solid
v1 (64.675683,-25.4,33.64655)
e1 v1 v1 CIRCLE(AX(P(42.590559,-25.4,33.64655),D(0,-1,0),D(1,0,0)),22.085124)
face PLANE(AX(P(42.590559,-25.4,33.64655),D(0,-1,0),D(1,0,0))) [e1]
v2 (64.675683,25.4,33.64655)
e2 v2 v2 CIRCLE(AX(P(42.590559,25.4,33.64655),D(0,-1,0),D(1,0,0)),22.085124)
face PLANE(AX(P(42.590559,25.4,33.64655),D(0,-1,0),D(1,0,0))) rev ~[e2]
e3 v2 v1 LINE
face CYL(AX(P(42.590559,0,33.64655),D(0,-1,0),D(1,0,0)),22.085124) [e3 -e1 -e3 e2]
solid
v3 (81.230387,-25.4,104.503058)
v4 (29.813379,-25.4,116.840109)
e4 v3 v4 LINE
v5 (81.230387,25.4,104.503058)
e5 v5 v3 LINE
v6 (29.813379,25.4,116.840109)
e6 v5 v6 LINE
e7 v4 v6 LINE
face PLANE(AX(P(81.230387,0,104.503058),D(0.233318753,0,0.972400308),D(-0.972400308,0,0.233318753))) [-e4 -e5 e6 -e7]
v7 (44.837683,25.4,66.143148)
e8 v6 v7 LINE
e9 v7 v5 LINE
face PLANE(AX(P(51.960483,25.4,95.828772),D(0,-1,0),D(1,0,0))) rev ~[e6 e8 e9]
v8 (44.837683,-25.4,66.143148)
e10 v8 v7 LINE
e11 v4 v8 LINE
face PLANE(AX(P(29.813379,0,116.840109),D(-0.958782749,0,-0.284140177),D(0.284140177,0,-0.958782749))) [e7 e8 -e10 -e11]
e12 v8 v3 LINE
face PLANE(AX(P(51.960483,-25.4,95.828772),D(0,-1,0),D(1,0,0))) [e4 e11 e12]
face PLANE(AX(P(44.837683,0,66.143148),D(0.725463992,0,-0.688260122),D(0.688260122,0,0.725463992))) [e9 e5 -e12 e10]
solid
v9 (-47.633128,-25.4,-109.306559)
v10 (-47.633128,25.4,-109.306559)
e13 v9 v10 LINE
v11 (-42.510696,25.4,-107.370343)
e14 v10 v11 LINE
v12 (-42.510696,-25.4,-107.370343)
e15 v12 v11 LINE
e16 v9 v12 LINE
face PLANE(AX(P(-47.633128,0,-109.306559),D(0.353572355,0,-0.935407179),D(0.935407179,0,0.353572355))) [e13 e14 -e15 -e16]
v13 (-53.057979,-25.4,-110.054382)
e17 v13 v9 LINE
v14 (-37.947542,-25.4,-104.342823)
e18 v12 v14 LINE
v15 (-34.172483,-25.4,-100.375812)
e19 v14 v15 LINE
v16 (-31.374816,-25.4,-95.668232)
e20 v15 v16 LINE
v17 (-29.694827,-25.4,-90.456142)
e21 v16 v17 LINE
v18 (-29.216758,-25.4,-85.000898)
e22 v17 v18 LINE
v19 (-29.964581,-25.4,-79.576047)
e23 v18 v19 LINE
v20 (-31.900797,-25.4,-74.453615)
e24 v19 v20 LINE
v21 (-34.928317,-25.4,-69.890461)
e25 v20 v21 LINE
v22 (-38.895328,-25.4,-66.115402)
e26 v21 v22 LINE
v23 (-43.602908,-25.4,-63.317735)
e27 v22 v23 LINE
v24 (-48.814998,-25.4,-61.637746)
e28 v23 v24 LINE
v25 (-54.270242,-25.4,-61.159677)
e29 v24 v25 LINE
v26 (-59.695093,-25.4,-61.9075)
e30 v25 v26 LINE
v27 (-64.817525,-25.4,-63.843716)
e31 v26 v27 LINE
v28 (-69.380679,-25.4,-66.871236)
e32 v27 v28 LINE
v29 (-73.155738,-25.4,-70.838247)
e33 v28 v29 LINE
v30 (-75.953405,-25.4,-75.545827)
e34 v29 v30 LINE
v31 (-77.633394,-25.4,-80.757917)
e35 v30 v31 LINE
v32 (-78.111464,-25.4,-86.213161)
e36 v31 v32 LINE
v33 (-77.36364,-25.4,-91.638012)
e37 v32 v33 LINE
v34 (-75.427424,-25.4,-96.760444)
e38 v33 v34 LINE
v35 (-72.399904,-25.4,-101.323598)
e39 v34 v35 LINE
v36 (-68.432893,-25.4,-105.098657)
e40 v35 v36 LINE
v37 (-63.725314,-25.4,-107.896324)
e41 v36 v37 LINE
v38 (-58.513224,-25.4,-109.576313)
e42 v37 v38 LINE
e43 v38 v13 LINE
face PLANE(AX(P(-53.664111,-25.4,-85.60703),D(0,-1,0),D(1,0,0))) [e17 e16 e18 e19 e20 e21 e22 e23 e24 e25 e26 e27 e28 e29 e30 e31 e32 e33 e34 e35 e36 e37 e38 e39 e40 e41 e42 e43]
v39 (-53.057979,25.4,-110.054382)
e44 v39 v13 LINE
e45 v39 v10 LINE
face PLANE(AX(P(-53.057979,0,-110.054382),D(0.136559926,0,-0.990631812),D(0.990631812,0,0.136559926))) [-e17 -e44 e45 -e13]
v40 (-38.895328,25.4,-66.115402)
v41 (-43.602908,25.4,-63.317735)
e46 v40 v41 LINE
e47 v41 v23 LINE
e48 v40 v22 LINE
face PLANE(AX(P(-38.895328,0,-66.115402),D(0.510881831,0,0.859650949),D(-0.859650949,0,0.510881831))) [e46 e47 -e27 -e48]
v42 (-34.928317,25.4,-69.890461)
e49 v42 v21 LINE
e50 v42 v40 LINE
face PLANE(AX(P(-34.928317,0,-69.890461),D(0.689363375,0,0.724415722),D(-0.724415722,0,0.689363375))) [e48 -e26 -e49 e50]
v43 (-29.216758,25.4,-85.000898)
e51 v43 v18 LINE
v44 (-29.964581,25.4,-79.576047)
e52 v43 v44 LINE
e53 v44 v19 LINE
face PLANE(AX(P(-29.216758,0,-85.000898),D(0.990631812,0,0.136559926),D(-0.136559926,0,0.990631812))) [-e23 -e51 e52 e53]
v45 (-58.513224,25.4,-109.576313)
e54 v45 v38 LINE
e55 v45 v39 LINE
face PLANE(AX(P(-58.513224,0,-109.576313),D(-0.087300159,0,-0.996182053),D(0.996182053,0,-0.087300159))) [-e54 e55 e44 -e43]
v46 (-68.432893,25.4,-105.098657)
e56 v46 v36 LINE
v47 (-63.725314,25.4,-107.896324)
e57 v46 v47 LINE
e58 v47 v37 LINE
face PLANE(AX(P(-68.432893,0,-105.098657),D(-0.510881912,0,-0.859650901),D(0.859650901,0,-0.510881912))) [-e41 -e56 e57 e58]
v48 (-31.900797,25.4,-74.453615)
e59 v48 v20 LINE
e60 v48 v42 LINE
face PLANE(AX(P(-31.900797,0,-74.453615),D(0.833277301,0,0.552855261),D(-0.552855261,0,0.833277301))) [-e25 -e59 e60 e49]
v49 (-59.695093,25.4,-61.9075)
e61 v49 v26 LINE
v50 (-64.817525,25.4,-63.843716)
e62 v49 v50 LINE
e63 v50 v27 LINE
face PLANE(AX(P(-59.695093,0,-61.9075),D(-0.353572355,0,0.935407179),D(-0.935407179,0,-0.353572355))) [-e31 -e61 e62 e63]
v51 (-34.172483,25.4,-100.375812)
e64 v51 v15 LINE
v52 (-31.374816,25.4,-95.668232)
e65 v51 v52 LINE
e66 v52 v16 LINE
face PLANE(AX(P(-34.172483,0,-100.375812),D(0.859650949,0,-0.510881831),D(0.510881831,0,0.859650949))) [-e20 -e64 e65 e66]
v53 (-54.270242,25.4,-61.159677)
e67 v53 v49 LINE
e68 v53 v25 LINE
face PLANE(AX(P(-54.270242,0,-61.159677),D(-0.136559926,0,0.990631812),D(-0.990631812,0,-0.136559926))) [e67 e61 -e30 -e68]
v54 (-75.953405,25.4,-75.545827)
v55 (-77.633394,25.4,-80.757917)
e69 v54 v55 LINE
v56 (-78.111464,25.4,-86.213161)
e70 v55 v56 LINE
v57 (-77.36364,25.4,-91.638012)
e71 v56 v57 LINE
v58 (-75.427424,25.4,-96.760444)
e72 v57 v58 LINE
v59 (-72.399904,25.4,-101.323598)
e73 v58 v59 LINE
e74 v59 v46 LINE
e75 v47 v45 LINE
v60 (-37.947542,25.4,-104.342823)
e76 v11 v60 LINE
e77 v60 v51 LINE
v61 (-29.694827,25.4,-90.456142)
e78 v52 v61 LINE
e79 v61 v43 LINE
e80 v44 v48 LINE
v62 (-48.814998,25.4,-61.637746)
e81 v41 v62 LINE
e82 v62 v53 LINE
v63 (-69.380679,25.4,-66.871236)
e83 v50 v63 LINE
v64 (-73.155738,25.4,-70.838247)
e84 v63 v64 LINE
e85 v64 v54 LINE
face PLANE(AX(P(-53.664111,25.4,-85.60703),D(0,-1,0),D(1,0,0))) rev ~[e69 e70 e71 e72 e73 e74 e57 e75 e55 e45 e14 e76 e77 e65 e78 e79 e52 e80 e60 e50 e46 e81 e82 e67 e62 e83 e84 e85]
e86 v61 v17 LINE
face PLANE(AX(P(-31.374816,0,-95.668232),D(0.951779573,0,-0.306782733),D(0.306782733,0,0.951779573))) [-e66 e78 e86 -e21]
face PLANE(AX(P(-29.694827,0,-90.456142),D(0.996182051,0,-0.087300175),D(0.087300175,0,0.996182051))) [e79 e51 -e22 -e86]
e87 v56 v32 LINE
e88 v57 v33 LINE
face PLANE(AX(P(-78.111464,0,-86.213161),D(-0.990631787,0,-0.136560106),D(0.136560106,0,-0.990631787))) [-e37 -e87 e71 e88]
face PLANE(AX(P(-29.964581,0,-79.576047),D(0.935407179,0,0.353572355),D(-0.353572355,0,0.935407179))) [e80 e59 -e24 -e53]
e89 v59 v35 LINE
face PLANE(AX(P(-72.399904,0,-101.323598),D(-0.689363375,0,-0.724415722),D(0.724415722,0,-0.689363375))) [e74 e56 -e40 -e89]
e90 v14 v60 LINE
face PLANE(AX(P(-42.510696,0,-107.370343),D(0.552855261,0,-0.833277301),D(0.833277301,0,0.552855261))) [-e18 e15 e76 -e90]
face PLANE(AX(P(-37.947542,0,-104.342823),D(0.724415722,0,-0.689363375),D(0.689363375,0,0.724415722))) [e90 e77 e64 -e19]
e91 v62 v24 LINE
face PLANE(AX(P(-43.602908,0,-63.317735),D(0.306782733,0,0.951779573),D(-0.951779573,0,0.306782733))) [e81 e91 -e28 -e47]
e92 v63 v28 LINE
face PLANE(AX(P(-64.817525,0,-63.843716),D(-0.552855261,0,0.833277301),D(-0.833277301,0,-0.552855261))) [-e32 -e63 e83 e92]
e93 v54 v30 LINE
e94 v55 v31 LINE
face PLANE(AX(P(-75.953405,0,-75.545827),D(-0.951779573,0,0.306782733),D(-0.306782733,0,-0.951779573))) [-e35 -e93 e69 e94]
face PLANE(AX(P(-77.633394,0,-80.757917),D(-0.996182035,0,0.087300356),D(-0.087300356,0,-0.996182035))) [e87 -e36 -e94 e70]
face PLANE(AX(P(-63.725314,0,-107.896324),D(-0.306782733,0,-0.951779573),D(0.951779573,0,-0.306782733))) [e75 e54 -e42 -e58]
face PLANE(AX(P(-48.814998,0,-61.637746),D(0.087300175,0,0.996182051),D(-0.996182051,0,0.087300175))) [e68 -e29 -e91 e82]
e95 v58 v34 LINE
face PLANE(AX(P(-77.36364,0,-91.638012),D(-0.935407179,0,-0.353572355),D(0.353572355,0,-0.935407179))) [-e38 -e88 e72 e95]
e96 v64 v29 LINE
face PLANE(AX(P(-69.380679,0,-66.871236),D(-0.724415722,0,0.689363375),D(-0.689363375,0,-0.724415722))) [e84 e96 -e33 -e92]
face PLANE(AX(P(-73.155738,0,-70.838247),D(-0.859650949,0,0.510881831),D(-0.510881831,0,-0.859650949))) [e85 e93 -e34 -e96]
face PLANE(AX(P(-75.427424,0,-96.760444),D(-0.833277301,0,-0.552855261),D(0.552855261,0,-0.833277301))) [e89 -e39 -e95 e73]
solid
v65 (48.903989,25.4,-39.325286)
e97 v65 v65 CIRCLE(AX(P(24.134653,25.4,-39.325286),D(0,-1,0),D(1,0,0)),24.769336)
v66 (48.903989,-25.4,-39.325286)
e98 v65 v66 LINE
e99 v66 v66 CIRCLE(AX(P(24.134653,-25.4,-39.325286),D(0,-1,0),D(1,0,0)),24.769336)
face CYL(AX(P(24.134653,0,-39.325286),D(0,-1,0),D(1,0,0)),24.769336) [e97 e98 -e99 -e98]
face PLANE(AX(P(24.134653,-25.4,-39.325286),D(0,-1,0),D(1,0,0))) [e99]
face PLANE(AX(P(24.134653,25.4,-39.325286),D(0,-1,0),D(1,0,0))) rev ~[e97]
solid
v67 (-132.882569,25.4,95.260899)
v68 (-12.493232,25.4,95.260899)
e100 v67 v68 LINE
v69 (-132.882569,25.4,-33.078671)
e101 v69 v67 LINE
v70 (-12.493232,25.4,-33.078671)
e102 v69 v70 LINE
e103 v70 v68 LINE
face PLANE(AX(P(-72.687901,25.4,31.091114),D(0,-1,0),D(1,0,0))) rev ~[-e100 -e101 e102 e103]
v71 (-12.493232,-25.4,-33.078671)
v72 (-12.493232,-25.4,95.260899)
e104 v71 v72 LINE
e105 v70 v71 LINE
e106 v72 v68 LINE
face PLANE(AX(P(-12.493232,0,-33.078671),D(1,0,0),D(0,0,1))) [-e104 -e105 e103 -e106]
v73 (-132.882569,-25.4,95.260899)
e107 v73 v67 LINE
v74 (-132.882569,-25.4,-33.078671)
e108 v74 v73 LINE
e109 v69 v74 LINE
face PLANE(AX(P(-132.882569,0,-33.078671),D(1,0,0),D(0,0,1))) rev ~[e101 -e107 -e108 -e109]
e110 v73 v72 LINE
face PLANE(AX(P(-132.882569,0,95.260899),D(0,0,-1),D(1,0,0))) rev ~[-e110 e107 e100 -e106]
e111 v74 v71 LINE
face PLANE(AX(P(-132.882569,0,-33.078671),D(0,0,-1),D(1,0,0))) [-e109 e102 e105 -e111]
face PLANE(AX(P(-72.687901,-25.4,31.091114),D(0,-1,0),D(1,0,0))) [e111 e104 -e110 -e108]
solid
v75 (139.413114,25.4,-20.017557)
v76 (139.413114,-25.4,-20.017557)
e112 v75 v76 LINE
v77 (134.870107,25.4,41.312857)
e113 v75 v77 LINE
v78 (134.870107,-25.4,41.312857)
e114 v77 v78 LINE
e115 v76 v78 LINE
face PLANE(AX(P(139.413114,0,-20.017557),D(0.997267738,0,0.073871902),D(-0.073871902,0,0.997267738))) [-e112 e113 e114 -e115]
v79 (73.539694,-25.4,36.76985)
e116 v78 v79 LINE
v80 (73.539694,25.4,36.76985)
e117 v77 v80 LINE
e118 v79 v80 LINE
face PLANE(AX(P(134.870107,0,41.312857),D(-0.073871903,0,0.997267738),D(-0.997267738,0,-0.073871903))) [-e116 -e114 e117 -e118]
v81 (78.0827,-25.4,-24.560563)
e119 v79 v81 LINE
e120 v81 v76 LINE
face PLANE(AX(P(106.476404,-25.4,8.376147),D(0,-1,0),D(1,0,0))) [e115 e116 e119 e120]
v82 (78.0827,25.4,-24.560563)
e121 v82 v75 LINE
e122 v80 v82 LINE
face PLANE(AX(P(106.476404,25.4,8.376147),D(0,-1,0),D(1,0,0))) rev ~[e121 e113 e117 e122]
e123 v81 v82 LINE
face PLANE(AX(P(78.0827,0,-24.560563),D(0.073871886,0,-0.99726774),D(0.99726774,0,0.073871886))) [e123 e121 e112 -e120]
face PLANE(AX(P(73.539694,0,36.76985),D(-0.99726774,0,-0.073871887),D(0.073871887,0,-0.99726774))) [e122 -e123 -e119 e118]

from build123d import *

# Parameters (mm, degrees)
F0_W     = 120.389337
F0_H     = 128.339571
F0_R     = 22.085124
F0_R_2   = 24.769336
F1_DEPTH = 25.4
F2_DEPTH = 25.4


with BuildPart() as f1:
    # F0 (on Front) → F1 (new body)
    with BuildSketch(Plane.XZ):
        with Locations((-72.687901, 31.091114)):
            Rectangle(F0_W, F0_H)
        with Locations((42.590559, 33.64655)):
            Circle(F0_R)
        with Locations((24.134653, -39.325286)):
            Circle(F0_R_2)
        Polygon((-37.947542, -104.342823), (-34.172483, -100.375812), (-31.374816, -95.668232), (-29.694827, -90.456142), (-29.216758, -85.000898), (-29.964581, -79.576047), (-31.900797, -74.453615), (-34.928317, -69.890461), (-38.895328, -66.115402), (-43.602908, -63.317735), (-48.814998, -61.637746), (-54.270242, -61.159677), (-59.695093, -61.9075), (-64.817525, -63.843716), (-69.380679, -66.871236), (-73.155738, -70.838247), (-75.953405, -75.545827), (-77.633394, -80.757917), (-78.111464, -86.213161), (-77.36364, -91.638012), (-75.427424, -96.760444), (-72.399904, -101.323598), (-68.432893, -105.098657), (-63.725314, -107.896324), (-58.513224, -109.576313), (-53.057979, -110.054382), (-47.633128, -109.306559), (-42.510696, -107.370343), align=None)
        Polygon((78.0827, -24.560563), (139.413114, -20.017557), (134.870107, 41.312857), (73.539694, 36.76985), align=None)
        Polygon((44.837683, 66.143148), (81.230387, 104.503058), (29.813379, 116.840109), align=None)
    extrude(amount=F1_DEPTH)

    # F0 (on Front) → F2 (join)
    with BuildSketch(Plane.XZ):
        with Locations((-72.687901, 31.091114)):
            Rectangle(F0_W, F0_H)
        with Locations((42.590559, 33.64655)):
            Circle(F0_R)
        with Locations((24.134653, -39.325286)):
            Circle(F0_R_2)
        Polygon((-37.947542, -104.342823), (-34.172483, -100.375812), (-31.374816, -95.668232), (-29.694827, -90.456142), (-29.216758, -85.000898), (-29.964581, -79.576047), (-31.900797, -74.453615), (-34.928317, -69.890461), (-38.895328, -66.115402), (-43.602908, -63.317735), (-48.814998, -61.637746), (-54.270242, -61.159677), (-59.695093, -61.9075), (-64.817525, -63.843716), (-69.380679, -66.871236), (-73.155738, -70.838247), (-75.953405, -75.545827), (-77.633394, -80.757917), (-78.111464, -86.213161), (-77.36364, -91.638012), (-75.427424, -96.760444), (-72.399904, -101.323598), (-68.432893, -105.098657), (-63.725314, -107.896324), (-58.513224, -109.576313), (-53.057979, -110.054382), (-47.633128, -109.306559), (-42.510696, -107.370343), align=None)
        Polygon((78.0827, -24.560563), (139.413114, -20.017557), (134.870107, 41.312857), (73.539694, 36.76985), align=None)
        Polygon((44.837683, 66.143148), (81.230387, 104.503058), (29.813379, 116.840109), align=None)
    extrude(amount=-F2_DEPTH)


solid = f1.part
